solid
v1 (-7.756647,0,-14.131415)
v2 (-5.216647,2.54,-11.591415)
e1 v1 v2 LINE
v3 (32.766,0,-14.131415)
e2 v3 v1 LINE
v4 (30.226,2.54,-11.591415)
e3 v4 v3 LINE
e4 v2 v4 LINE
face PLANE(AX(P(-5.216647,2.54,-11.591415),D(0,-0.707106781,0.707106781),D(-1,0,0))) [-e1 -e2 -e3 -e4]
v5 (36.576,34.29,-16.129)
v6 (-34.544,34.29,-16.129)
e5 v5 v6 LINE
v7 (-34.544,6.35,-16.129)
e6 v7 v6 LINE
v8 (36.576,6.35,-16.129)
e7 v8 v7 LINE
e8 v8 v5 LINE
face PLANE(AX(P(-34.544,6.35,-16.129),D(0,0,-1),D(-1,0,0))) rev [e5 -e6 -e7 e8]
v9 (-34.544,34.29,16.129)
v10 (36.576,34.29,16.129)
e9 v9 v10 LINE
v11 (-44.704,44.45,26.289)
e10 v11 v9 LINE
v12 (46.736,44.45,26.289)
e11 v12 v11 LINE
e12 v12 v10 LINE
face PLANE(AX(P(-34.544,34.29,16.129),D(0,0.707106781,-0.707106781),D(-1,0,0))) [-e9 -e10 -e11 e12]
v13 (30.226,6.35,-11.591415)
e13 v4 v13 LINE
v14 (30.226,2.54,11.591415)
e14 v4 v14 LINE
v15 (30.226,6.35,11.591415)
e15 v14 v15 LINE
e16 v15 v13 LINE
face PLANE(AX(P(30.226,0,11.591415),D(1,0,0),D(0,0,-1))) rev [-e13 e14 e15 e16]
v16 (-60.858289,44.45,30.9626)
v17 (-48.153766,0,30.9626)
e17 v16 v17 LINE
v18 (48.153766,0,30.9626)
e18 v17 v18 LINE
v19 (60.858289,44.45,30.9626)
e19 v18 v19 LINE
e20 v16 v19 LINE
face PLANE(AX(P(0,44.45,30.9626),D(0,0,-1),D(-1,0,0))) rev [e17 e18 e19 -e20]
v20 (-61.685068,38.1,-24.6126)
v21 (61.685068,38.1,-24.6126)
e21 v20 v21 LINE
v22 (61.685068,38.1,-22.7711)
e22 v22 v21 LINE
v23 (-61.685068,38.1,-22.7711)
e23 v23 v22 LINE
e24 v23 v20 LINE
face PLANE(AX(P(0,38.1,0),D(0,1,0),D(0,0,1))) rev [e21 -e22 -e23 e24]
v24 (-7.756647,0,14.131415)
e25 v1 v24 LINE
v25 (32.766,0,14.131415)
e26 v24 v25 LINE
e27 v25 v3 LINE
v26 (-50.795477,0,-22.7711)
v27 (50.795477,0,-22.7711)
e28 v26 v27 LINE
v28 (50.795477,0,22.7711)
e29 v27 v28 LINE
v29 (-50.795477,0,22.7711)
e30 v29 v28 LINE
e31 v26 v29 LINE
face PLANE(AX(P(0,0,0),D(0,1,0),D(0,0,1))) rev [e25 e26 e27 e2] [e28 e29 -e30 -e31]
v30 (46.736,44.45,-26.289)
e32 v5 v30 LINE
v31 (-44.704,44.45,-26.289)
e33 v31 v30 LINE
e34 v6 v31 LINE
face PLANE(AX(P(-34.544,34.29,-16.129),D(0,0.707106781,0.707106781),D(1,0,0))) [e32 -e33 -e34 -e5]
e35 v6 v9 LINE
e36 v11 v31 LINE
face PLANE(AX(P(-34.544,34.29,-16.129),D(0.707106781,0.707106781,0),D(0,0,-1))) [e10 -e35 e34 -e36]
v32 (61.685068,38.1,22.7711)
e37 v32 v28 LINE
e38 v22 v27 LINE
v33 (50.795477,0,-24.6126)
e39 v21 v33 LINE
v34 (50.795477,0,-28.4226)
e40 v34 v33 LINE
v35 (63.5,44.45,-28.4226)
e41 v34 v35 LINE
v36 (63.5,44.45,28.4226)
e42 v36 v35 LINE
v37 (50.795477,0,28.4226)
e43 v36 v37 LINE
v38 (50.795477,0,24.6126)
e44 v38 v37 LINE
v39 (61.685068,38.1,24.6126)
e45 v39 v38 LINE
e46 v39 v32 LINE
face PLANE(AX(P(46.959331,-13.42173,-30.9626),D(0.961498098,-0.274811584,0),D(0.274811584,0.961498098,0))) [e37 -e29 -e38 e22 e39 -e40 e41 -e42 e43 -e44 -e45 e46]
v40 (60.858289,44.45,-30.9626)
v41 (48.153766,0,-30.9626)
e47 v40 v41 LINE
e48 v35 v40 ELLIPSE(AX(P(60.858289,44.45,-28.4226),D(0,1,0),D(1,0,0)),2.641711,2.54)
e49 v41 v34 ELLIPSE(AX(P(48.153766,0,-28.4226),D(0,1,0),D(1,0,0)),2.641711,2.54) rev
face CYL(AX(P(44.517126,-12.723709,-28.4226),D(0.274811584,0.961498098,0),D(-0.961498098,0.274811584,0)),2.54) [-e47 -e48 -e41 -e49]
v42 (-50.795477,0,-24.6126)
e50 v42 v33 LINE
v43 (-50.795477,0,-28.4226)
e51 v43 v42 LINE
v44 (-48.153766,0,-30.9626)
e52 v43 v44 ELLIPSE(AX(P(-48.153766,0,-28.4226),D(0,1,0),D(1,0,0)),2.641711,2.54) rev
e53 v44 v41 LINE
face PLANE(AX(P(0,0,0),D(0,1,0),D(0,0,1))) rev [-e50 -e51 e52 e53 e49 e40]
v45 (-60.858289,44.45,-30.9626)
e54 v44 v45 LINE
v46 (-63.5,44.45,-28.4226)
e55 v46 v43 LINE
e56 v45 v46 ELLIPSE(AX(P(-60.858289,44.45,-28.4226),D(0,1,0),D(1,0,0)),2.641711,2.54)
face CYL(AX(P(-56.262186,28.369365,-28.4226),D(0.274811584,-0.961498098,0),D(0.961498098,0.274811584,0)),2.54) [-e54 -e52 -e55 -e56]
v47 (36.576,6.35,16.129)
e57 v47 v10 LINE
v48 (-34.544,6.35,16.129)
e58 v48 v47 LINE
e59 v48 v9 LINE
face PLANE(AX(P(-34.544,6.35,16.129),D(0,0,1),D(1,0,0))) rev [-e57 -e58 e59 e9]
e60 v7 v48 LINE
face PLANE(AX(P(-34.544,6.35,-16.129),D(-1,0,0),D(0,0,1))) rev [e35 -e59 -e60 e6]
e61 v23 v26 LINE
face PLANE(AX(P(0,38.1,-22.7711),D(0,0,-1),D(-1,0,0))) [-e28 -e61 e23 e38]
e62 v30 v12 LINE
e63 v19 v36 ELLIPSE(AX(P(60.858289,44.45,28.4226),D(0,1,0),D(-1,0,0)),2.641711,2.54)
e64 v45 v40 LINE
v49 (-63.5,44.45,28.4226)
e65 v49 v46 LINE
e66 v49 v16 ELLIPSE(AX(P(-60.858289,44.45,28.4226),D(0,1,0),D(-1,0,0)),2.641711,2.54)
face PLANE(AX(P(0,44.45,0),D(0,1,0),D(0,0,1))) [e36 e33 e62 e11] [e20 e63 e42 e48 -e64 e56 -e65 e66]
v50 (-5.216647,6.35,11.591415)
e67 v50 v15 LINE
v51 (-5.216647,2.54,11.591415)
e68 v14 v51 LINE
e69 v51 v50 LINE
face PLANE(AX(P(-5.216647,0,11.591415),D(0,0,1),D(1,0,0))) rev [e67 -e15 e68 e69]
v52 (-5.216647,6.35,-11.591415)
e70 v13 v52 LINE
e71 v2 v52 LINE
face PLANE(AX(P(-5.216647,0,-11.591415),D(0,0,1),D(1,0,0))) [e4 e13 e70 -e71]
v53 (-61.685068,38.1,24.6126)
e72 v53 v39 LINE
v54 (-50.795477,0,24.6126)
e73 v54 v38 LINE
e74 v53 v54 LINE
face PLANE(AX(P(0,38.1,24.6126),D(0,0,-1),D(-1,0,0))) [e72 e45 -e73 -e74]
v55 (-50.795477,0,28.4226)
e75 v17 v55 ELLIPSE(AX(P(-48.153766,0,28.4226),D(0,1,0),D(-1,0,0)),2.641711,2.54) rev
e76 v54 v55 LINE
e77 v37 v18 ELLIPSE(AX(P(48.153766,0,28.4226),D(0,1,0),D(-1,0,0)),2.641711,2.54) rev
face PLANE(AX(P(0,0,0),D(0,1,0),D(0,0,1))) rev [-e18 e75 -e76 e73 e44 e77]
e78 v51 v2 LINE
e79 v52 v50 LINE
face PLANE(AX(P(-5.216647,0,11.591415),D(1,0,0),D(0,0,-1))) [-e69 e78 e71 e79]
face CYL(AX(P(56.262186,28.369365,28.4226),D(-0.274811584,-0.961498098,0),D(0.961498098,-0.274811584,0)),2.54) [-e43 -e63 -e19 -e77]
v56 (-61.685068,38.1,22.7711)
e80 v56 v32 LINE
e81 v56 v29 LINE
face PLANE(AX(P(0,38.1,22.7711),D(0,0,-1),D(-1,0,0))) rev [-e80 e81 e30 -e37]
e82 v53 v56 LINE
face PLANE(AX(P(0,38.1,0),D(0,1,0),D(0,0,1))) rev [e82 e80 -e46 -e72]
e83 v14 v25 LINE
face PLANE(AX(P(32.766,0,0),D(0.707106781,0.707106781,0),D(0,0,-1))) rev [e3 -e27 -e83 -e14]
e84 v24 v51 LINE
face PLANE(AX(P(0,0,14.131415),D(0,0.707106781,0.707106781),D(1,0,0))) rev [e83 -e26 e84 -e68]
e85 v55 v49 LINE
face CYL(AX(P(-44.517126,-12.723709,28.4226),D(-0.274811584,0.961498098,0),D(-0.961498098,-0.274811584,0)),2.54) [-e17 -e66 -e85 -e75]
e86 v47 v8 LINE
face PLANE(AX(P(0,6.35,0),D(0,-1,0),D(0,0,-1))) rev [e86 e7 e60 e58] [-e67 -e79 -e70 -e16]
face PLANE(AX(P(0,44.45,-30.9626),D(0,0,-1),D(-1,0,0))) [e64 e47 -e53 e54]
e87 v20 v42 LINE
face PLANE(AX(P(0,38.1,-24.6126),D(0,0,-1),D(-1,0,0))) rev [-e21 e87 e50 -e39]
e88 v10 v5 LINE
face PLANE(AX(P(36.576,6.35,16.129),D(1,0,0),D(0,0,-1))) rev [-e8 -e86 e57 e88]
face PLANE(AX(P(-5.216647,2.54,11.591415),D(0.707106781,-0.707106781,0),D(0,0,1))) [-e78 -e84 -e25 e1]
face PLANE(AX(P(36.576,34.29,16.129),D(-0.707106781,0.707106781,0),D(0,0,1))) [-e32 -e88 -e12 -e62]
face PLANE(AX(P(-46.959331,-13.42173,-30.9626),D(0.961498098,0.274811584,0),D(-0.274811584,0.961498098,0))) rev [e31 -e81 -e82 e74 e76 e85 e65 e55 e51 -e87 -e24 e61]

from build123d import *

# Parameters (mm, degrees)
SKETCH1_W           = 127
SKETCH1_H           = 61.9252
BOSS_EXTRUDE1_DEPTH = 44.45
SKETCH1_3_W         = 127
SKETCH1_3_H         = 1.8415
CUT_EXTRUDE2_DEPTH  = 38.1
SKETCH2_W           = 71.12
SKETCH2_H           = 32.258
SKETCH2_W_2         = 35.442647017
SKETCH2_H_2         = 23.182829488
CUT_EXTRUDE3_DEPTH  = 38.1
CHAMFER2_SIZE       = 10.16
CUT_EXTRUDE5_DEPTH  = 100.210800294
FILLET3_R           = 2.54
SKETCH2_3_W         = 35.442647017
SKETCH2_3_H         = 23.182829488
CUT_EXTRUDE6_DEPTH  = 84.466970107
CHAMFER3_SIZE       = 2.54


with BuildPart() as part:
    # Sketch1 → Boss-Extrude1 (new body)
    with BuildSketch(Plane(origin=(0, 0, 0), x_dir=(1, 0, 0), z_dir=(0, 1, 0))):
        Rectangle(SKETCH1_W, SKETCH1_H)
    extrude(amount=BOSS_EXTRUDE1_DEPTH)

    # Sketch1<3> → Cut-Extrude2 (cut)
    with BuildSketch(Plane(origin=(0, 0, 0), x_dir=(1, 0, 0), z_dir=(0, 1, 0))):
        with Locations((0, 23.69185)):
            Rectangle(SKETCH1_3_W, SKETCH1_3_H)
        with Locations((0, -23.69185)):
            Rectangle(SKETCH1_3_W, SKETCH1_3_H)
    extrude(amount=CUT_EXTRUDE2_DEPTH, mode=Mode.SUBTRACT)

    # Sketch2 → Cut-Extrude3 (cut)
    with BuildSketch(Plane(origin=(0, 44.45, 0), x_dir=(1, 0, 0), z_dir=(0, 1, 0))):
        with Locations((1.016, 0)):
            Rectangle(SKETCH2_W, SKETCH2_H)
        with Locations((12.504676492, 0)):
            Rectangle(SKETCH2_W_2, SKETCH2_H_2, mode=Mode.SUBTRACT)
    extrude(amount=-CUT_EXTRUDE3_DEPTH, mode=Mode.SUBTRACT)

    # Chamfer2
    chamfer2_edges = [part.edges().sort_by_distance(p)[0] for p in [
        (36.576, 44.45, 0),
        (1.016, 44.45, -16.129),
        (-34.544, 44.45, 0),
        (1.016, 44.45, 16.129),
    ]]
    chamfer(chamfer2_edges, length=CHAMFER2_SIZE)

    # Sketch7 → Cut-Extrude5 (cut, through all)
    with BuildSketch(Plane.XY.offset(30.9626)):
        Polygon((-50.795476794, 0), (-63.5, 44.45), (-63.5, 0), align=None)
        Polygon((63.5, 44.45), (50.795476794, 0), (63.5, 0), align=None)
    extrude(amount=-CUT_EXTRUDE5_DEPTH, mode=Mode.SUBTRACT)

    # Fillet3
    fillet3_edges = [part.edges().sort_by_distance(p)[0] for p in [
        (-57.147738397, 22.225, -30.9626),
        (-57.147738397, 22.225, 30.9626),
        (57.147738397, 22.225, 30.9626),
        (57.147738397, 22.225, -30.9626),
    ]]
    fillet(fillet3_edges, radius=FILLET3_R)

    # Sketch2<3> → Cut-Extrude6 (cut, through all)
    with BuildSketch(Plane(origin=(0, 44.45, 0), x_dir=(1, 0, 0), z_dir=(0, 1, 0))):
        with Locations((12.504676492, 0)):
            Rectangle(SKETCH2_3_W, SKETCH2_3_H)
    extrude(amount=-CUT_EXTRUDE6_DEPTH, mode=Mode.SUBTRACT)

    # Chamfer3
    chamfer3_edges = [part.edges().sort_by_distance(p)[0] for p in [
        (30.226, 0, 0),
        (12.504676491, 0, 11.591414744),
        (-5.216647017, 0, 0),
        (12.504676491, 0, -11.591414744),
    ]]
    chamfer(chamfer3_edges, length=CHAMFER3_SIZE)


solid = part.part
